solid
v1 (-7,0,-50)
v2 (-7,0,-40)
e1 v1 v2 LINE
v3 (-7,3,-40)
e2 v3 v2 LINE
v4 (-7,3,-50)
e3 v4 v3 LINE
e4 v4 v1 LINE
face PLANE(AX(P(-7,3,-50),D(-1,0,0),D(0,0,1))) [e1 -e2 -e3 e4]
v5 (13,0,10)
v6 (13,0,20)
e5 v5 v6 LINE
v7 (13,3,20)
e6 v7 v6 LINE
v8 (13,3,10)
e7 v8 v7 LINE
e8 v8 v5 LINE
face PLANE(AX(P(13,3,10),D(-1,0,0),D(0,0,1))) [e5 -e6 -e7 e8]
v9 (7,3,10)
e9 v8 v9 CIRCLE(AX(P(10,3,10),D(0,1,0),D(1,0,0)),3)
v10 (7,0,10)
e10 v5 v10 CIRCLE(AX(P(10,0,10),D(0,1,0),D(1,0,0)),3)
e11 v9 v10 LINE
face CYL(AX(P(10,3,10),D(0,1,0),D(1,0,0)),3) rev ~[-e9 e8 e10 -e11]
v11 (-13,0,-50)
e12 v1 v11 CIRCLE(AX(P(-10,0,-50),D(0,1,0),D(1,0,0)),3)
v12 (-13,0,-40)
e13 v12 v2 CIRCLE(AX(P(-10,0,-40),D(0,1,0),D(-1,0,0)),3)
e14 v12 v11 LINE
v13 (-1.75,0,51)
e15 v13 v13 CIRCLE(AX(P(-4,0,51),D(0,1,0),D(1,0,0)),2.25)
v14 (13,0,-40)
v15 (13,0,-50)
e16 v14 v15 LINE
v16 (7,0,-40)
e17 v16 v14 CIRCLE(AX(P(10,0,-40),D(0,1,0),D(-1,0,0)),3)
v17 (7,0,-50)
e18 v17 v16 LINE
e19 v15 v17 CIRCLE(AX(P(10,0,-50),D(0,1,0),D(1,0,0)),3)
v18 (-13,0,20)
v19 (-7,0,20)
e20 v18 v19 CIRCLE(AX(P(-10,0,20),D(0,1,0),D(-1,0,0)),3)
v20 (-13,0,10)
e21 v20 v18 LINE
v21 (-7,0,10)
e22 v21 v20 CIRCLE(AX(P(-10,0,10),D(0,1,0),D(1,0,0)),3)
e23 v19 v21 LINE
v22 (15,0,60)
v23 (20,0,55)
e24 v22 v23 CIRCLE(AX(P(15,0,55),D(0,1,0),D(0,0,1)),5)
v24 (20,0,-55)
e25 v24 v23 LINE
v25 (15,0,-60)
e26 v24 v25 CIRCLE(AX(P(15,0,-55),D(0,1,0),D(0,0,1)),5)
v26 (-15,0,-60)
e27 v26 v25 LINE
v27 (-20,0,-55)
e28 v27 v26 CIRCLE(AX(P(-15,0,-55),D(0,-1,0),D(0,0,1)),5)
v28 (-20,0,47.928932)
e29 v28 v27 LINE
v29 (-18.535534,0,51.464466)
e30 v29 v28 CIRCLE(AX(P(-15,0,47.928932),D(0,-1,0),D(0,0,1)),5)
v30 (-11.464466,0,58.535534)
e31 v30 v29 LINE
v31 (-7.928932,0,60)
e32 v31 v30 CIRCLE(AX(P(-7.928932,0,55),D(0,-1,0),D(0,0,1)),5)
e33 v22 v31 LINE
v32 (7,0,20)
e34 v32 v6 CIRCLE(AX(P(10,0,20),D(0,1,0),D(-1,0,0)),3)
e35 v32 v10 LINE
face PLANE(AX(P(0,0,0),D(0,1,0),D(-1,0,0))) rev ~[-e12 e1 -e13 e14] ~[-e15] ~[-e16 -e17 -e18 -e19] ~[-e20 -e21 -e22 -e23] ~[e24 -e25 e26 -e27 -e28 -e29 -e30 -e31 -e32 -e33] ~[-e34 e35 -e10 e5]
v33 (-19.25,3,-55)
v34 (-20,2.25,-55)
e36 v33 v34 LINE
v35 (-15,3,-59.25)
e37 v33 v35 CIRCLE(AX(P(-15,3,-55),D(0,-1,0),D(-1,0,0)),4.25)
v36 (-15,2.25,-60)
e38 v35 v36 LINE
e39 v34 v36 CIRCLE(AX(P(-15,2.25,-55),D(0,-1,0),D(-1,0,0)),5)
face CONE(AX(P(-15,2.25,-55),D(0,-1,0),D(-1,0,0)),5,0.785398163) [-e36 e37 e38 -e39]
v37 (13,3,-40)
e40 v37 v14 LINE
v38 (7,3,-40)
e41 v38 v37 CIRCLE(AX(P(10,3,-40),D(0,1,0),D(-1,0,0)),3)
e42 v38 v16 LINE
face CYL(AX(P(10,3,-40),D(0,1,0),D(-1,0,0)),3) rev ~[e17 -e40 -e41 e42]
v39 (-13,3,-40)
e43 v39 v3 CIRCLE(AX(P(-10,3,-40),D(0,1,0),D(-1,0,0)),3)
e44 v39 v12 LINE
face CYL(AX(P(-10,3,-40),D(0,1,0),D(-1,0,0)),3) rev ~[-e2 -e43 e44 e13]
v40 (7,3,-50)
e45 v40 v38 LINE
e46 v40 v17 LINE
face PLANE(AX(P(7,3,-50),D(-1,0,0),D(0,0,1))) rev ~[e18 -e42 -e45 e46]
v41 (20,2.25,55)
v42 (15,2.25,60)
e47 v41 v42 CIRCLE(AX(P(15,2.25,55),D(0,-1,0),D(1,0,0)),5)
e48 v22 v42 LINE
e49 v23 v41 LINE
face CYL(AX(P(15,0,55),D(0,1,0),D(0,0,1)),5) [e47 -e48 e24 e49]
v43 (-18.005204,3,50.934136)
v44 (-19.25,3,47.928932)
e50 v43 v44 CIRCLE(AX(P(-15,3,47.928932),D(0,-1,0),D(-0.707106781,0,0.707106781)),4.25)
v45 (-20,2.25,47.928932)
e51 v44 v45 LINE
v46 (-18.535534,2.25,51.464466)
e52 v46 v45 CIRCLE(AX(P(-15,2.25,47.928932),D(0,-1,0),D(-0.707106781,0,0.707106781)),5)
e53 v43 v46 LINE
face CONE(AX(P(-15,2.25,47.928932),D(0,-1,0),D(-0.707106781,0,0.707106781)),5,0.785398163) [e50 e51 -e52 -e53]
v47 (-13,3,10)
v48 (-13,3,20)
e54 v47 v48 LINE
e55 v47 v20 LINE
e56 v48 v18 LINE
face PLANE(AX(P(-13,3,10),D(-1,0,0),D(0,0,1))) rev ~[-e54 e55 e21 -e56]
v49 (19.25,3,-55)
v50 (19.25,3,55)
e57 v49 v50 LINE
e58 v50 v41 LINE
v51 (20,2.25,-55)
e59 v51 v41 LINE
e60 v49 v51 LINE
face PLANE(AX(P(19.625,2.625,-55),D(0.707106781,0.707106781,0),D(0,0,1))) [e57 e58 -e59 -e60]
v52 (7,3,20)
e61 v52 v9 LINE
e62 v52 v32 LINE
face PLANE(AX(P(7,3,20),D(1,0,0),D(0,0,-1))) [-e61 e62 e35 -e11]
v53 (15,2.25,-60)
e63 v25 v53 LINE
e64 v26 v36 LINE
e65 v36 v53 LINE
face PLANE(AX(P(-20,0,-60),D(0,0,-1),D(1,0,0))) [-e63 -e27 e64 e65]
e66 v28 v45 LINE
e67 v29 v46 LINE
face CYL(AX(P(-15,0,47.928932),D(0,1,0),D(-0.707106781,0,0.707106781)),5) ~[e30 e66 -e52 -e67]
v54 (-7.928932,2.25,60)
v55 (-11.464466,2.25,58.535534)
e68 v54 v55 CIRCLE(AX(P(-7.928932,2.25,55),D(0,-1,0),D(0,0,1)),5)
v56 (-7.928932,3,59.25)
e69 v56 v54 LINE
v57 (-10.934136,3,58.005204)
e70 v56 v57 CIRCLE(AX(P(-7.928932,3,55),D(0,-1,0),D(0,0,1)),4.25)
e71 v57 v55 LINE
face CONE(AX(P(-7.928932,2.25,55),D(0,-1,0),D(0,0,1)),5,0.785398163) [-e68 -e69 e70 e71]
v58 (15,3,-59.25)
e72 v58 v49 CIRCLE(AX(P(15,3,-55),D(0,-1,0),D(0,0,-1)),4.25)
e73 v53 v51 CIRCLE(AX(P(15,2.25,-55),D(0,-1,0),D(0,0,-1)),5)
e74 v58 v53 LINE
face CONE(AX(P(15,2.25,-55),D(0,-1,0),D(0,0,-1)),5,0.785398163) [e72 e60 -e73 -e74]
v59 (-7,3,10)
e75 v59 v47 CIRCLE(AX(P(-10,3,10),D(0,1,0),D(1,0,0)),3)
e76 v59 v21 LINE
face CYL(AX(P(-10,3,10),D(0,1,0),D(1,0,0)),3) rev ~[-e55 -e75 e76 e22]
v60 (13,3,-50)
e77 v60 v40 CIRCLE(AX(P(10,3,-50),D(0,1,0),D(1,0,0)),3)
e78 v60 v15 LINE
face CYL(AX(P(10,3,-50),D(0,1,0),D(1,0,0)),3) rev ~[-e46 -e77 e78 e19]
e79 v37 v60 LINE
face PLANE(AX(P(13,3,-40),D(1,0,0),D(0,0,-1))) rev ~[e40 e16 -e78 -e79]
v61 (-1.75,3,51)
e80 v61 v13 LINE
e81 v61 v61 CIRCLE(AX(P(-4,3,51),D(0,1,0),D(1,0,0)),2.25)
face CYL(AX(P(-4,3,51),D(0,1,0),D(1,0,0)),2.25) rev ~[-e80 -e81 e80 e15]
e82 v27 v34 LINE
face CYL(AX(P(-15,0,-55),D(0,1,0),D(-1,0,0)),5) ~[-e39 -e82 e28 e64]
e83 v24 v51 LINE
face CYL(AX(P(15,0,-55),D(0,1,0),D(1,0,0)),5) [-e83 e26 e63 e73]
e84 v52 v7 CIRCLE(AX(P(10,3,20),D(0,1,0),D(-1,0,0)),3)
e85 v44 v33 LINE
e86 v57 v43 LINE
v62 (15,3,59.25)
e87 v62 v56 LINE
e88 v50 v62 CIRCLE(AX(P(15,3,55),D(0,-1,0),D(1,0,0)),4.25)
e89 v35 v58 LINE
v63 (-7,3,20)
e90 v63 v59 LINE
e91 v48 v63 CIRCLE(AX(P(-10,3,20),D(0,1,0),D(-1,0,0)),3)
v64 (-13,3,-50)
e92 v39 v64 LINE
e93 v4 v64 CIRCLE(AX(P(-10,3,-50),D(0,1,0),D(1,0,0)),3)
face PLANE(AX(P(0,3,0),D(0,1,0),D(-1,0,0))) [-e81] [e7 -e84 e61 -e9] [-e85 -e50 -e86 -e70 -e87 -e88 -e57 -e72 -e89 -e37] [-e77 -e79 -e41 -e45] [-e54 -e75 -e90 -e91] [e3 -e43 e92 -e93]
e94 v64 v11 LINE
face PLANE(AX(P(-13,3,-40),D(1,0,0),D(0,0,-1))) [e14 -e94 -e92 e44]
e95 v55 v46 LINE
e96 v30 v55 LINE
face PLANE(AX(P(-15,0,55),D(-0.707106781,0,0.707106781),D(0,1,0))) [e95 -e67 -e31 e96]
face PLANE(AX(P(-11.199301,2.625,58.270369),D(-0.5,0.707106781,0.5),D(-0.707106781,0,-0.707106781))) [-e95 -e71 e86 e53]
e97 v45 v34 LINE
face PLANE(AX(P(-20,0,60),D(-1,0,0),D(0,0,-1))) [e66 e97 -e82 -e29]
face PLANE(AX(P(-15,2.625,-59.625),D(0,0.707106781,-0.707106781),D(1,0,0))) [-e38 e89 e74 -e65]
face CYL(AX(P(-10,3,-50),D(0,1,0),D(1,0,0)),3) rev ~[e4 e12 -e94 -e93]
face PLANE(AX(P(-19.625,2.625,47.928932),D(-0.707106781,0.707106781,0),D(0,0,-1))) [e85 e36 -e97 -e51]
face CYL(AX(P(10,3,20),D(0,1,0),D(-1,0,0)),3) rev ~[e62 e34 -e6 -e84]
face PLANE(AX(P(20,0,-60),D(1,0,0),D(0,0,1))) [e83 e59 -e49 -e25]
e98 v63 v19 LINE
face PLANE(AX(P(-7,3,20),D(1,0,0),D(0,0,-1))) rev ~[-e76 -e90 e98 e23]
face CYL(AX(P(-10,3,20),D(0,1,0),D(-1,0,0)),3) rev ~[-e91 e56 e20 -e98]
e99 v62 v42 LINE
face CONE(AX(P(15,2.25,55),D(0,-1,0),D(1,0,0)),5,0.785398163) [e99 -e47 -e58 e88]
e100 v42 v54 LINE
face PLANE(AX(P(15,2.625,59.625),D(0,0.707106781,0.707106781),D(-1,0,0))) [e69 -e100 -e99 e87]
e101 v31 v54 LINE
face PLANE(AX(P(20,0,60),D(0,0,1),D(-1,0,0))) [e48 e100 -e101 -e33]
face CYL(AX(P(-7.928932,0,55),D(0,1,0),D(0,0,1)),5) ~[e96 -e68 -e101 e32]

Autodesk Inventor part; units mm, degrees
ref_plane "YZ Plane" through (0, 0, 0) normal (1, 0, 0) x (0, 1, 0)
ref_plane "XZ Plane" through (0, 0, 0) normal (0, 1, 0) x (-1, 0, 0)
ref_plane "XY Plane" through (0, 0, 0) normal (0, 0, 1) x (1, 0, 0)
sketch "Sketch1" plane through (0, 0, 0) normal (0, 1, 0) x (-1, 0, 0)
  line L0 (-20, 60) -> (20, 60)
  line L1 (20, 60) -> (20, -60)
  line L2 (20, -60) -> (-20, -60)
  line L3 (-20, -60) -> (-20, 60)
  line L4 (-20, 60) -> (20, -60) construction
  line L5 (20, 60) -> (-20, -60) construction
  point P0 (0, 0)
  dimension "d0" = 120
  dimension "d1" = 40
extrude "Extrusion1" add sketch "Sketch1" along normal blind 3
sketch "Sketch2" plane through (0, 3, 0) normal (0, 1, 0) x (1, 0, 0)
  line L0 (-10, -20) -> (-10, -10) construction
  line L1 (-7, -20) -> (-7, -10)
  line L2 (-13, -10) -> (-13, -20)
  arc A0 (-13, -20) -> (-7, -20) centre (-10, -20) ccw
  arc A1 (-7, -10) -> (-13, -10) centre (-10, -10) ccw
  line L3 (-32, 15) -> (32, 15) construction
  line L4 (20, 60) -> (-20, 60) projected
  line L5 (0, 84) -> (0, -84) projected
  line L6 (-10, 50) -> (-10, 40) construction
  line L7 (-7, 50) -> (-7, 40)
  line L8 (-13, 40) -> (-13, 50)
  arc A2 (-7, 50) -> (-13, 50) centre (-10, 50) ccw
  arc A3 (-13, 40) -> (-7, 40) centre (-10, 40) ccw
  line L9 (10, -20) -> (10, -10) construction
  line L10 (7, -20) -> (7, -10)
  line L11 (13, -10) -> (13, -20)
  arc A4 (7, -20) -> (13, -20) centre (10, -20) ccw
  arc A5 (13, -10) -> (7, -10) centre (10, -10) ccw
  line L12 (10, 50) -> (10, 40) construction
  line L13 (7, 50) -> (7, 40)
  line L14 (13, 40) -> (13, 50)
  arc A6 (13, 50) -> (7, 50) centre (10, 50) ccw
  arc A7 (7, 40) -> (13, 40) centre (10, 40) ccw
  point P0 (0, 0)
  point P1 (-10, -15)
  point P2 (-10, 45)
  point P3 (10, -15)
  point P4 (10, 45)
  dimension "d4" = 3
  dimension "d5" = 10
  dimension "d6" = 30
  dimension "d7" = 45
  dimension "d8" = 10
sketch "Sketch3" plane through (0, 3, 0) normal (0, 1, 0) x (1, 0, 0)
  circle A0 centre (-4, -51) radius 2.25
  line L0 (-20, -60) -> (20, -60) projected
  line L1 (20, -60) -> (20, 60) projected
  line L2 (-20, 60) -> (-20, -60) projected
  point P0 (0, 0)
  dimension "d9" = 4.5
  dimension "d10" = 9
  dimension "d16" = 16
extrude "Extrusion2" cut sketch "Sketch3" against normal blind 3
extrude "Extrusion3" cut sketch "Sketch2" against normal blind 3
chamfer "Chamfer1" distance 10 angle 45 1 edges at (-20, 1.5, 60)
fillet "Fillet1" radius 5 5 edges at (-10, 1.5, 60) (-20, 1.5, 50) (20, 1.5, 60) (20, 1.5, -60) (-20, 1.5, -60)
chamfer "Chamfer2" distance 0.75 angle 45 10 edges at (20, 3, 0) (18.5355, 3, -58.5355) (0, 3, -60) (-18.5355, 3, -58.5355) (-20, 3, -3.5355) (-19.6194, 3, 49.8423) (-15, 3, 55) (-9.8423, 3, 59.6194) (3.5355, 3, 60) (18.5355, 3, 58.5355)
properties part number "Rear"
